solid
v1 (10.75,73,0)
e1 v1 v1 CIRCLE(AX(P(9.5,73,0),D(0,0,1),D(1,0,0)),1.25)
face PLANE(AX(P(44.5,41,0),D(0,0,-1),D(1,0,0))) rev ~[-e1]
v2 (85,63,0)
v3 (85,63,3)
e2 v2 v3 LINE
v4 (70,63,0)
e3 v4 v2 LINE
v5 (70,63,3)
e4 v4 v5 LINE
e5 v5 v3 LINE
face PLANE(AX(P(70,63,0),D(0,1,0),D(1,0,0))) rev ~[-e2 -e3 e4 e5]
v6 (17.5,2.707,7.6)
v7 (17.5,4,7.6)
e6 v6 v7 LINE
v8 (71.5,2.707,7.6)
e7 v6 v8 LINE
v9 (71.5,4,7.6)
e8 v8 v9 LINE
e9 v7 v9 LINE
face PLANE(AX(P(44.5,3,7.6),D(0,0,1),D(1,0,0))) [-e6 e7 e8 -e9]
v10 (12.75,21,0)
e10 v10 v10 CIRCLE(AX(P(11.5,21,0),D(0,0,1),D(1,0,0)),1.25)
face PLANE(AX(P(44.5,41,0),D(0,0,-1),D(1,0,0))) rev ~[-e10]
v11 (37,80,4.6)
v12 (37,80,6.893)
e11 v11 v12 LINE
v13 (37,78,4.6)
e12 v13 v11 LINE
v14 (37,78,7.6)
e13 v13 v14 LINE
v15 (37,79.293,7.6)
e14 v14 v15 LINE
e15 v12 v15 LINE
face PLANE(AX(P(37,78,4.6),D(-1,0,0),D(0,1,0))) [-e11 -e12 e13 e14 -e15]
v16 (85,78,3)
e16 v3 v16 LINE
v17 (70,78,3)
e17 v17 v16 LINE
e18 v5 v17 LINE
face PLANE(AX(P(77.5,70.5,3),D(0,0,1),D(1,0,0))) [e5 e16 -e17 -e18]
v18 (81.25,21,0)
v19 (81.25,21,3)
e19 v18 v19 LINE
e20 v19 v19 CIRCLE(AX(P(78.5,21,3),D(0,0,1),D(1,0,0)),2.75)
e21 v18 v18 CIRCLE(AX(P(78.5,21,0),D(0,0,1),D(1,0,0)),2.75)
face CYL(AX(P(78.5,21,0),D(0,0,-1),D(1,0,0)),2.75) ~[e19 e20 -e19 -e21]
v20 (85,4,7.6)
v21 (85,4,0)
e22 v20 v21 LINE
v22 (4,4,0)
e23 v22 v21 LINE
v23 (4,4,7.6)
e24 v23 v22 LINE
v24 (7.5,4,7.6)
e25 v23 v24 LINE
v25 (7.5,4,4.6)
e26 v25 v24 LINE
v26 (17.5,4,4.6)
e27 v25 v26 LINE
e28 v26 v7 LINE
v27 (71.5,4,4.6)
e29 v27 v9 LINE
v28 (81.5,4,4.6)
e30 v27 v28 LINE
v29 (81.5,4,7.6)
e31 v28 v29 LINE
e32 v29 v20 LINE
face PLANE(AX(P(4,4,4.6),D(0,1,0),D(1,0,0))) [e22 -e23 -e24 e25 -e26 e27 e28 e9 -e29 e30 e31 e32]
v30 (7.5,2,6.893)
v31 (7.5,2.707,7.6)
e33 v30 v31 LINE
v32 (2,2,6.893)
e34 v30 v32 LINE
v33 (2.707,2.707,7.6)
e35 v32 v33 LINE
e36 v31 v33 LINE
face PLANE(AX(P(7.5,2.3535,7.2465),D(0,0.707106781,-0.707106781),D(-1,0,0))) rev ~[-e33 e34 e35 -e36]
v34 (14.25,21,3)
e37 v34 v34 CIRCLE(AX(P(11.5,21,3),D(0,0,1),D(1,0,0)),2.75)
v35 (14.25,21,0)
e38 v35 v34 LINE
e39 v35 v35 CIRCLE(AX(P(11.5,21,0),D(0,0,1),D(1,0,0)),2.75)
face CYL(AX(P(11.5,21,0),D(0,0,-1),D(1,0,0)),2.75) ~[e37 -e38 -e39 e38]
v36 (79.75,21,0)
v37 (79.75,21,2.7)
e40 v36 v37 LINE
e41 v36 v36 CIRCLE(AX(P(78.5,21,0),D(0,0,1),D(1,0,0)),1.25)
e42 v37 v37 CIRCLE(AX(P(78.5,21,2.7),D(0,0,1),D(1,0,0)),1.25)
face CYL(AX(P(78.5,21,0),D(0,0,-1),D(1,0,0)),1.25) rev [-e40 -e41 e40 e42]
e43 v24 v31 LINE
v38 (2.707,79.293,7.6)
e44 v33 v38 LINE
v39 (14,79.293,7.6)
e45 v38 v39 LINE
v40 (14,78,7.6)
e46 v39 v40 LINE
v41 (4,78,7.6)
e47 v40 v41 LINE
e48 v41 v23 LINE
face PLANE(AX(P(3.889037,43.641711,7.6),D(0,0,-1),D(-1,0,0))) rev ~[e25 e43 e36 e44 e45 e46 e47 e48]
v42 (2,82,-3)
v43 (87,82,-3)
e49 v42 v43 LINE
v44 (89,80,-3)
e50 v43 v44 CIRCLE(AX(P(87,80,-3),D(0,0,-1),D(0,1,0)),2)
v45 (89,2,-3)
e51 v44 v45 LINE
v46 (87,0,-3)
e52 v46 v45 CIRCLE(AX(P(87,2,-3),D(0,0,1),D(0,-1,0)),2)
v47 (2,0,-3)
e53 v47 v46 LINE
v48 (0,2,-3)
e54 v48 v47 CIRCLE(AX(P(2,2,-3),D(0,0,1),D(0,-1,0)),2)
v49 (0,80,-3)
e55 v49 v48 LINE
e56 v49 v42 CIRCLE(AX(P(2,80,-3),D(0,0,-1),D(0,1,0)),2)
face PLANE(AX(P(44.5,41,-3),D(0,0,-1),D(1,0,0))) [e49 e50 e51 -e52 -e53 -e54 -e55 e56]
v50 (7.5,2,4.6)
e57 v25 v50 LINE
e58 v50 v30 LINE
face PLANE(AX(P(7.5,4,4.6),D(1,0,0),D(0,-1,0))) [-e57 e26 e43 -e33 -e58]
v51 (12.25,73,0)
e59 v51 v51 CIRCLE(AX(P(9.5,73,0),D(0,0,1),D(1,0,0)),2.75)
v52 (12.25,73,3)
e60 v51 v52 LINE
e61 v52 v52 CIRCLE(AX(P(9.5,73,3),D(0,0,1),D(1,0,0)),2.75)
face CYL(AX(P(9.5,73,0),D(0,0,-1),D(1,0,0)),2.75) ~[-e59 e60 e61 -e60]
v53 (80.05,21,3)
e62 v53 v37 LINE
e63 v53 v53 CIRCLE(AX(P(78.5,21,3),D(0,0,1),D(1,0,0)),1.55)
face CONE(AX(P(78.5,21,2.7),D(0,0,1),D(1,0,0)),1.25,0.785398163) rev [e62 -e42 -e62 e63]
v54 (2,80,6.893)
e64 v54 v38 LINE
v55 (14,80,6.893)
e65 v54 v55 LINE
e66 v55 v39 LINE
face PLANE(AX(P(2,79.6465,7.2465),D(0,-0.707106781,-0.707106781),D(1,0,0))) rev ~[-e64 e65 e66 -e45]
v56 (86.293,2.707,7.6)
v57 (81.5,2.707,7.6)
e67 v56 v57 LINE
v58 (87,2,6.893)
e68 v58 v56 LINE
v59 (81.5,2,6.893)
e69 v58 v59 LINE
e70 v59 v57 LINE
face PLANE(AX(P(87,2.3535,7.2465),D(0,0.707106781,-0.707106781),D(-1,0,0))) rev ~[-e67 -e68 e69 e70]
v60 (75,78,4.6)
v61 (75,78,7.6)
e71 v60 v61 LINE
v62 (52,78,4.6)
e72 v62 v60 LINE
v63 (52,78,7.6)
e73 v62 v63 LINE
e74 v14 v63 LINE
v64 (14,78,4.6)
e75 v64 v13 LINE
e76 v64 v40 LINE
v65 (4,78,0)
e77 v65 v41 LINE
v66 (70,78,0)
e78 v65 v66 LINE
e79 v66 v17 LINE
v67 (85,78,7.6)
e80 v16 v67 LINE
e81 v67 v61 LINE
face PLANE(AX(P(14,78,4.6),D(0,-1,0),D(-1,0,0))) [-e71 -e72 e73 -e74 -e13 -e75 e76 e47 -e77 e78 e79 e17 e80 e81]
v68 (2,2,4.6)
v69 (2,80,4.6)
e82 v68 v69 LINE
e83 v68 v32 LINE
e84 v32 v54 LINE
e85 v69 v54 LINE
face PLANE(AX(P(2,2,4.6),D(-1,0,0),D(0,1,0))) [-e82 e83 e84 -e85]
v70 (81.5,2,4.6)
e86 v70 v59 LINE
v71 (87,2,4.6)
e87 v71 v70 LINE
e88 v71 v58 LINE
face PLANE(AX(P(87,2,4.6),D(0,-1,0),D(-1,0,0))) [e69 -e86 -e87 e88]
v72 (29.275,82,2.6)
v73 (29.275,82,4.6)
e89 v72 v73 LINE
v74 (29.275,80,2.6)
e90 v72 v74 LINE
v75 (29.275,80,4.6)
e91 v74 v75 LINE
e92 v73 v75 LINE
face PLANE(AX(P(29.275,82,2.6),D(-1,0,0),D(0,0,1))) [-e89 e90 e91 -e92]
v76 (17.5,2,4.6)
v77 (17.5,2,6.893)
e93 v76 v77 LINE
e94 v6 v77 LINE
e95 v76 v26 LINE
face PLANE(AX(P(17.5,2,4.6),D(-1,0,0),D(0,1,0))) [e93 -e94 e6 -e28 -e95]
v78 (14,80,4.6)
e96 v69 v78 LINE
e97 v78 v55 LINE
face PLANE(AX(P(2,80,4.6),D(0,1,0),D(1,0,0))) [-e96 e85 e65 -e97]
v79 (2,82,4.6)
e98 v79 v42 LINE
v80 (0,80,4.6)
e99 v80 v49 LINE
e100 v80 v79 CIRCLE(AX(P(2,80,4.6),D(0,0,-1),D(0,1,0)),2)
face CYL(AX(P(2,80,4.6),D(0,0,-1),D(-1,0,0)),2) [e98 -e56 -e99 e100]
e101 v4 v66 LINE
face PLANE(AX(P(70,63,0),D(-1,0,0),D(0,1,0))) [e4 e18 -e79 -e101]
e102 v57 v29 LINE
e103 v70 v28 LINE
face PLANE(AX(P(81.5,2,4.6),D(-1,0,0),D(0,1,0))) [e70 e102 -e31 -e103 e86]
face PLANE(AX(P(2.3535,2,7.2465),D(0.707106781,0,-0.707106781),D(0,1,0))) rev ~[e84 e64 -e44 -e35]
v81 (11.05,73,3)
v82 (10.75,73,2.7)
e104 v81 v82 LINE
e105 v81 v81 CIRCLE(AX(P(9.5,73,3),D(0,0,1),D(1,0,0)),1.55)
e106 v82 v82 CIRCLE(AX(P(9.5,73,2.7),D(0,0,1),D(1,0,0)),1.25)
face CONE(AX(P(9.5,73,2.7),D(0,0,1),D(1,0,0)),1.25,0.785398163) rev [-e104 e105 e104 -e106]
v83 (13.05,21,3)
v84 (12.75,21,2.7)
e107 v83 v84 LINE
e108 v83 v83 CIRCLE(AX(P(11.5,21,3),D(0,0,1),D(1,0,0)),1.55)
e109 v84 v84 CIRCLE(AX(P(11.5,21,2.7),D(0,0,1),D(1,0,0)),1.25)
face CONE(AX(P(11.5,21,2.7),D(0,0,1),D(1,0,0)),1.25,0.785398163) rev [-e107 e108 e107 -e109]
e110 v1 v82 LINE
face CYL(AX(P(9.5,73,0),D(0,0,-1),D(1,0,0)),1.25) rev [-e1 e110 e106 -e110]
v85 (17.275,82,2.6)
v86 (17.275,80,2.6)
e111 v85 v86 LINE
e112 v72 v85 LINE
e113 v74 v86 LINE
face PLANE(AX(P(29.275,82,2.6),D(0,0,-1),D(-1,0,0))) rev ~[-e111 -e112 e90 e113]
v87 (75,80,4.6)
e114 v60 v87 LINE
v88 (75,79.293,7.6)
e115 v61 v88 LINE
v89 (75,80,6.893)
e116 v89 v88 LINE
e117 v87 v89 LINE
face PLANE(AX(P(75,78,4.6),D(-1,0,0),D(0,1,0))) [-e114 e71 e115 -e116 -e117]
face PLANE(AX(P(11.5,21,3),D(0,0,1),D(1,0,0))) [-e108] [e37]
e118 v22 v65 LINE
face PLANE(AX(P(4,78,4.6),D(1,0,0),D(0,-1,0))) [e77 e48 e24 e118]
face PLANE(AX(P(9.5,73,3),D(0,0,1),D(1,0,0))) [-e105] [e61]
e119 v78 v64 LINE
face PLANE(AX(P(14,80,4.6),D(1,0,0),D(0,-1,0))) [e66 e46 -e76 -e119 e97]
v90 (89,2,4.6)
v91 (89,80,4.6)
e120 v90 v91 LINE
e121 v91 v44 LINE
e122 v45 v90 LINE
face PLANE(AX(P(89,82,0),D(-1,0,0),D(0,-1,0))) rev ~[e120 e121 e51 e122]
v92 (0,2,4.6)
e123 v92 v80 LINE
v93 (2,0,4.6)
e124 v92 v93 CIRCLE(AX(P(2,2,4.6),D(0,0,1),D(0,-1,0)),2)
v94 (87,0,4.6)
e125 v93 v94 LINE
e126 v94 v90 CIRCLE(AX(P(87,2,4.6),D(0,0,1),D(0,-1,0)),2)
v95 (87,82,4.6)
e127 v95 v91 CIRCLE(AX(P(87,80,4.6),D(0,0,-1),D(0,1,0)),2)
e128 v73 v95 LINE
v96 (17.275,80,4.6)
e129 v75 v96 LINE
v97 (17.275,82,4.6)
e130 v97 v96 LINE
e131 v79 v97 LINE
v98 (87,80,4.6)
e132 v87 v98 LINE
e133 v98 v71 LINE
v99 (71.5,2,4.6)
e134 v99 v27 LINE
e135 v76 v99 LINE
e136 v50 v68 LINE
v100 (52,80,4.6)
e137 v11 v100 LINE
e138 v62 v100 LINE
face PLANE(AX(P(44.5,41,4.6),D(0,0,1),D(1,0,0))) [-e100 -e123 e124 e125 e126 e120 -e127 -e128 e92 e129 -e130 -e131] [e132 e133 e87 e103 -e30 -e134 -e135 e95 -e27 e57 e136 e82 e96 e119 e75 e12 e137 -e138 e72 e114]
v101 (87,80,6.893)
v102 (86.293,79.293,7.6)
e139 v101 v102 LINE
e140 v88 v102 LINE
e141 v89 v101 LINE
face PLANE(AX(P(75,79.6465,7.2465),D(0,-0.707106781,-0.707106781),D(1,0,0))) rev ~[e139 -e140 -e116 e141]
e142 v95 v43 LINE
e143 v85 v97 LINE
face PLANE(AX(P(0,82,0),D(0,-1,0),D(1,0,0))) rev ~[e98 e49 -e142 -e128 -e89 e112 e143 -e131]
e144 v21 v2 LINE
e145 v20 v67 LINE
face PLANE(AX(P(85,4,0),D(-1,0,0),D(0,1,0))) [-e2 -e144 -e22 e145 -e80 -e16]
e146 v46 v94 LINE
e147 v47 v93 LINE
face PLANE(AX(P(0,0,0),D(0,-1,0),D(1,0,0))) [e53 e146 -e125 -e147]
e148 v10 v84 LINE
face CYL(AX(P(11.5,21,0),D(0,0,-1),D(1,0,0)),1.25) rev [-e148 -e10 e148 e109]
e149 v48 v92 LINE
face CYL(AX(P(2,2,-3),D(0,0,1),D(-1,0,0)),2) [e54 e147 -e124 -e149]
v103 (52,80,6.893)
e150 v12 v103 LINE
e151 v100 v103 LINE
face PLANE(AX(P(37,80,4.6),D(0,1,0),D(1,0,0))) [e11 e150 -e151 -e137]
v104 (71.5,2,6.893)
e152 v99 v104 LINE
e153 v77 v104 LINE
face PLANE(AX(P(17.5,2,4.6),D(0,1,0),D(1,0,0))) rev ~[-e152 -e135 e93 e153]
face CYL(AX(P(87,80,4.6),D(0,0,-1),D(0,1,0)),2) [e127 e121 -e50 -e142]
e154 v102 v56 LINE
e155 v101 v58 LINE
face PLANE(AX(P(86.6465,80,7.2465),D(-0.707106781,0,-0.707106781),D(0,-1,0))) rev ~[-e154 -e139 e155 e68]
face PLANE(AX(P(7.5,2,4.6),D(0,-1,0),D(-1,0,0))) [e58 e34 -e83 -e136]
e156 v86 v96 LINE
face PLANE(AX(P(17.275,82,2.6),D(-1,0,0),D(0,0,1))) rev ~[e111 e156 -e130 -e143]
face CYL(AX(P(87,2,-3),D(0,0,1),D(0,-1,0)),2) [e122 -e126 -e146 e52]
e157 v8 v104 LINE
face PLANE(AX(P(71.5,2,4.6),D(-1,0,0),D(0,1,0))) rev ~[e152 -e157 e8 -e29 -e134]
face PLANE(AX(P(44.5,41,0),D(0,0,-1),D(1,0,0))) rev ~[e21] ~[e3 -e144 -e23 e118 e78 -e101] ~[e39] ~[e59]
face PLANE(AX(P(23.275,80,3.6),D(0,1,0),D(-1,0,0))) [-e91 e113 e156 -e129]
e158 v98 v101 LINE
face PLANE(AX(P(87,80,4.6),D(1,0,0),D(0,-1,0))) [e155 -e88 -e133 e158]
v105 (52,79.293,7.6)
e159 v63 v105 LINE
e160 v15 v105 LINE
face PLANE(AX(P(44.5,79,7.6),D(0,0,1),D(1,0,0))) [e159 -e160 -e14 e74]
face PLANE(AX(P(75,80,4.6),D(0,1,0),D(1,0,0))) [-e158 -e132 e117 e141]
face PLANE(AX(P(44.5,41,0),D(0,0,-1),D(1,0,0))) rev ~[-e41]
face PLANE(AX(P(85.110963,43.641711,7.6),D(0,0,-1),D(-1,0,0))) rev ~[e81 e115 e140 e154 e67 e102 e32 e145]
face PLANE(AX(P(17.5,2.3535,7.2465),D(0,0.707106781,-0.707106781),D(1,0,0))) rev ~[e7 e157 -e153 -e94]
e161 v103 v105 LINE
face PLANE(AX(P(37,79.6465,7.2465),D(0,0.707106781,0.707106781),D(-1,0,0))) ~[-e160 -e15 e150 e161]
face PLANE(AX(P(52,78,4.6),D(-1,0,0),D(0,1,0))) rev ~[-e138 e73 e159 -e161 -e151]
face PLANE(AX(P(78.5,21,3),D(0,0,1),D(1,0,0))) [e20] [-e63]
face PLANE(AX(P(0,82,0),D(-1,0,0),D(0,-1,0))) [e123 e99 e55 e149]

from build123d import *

# Parameters (mm, degrees)
SKETCH_W        = 89
SKETCH_H        = 82
SKETCH_W_2      = 81
SKETCH_H_2      = 74
PAD_DEPTH       = 4.6
SKETCH001_W     = 89
SKETCH001_H     = 82
PAD001_DEPTH    = 3
SKETCH002_R     = 2.75
SKETCH002_R_2   = 1.25
PAD002_DEPTH    = 3
SKETCH003_W     = 15
SKETCH003_H     = 15
PAD003_DEPTH    = 3
FILLET_R        = 2
CHAMFER_SIZE    = 0.3
SKETCH004_W     = 15
SKETCH004_H     = 2
SKETCH004_W_2   = 54
SKETCH004_H_2   = 2.0000000001
PAD004_DEPTH    = 3
CHAMFER001_SIZE = 0.707
SKETCH010_W     = 12
SKETCH010_H     = 2
POCKET003_DEPTH = 2


with BuildPart() as part:
    # Sketch → Pad (new body)
    with BuildSketch(Plane.XY):
        with Locations((44.5, 41)):
            Rectangle(SKETCH_W, SKETCH_H)
        with Locations((44.5, 41)):
            Rectangle(SKETCH_W_2, SKETCH_H_2, mode=Mode.SUBTRACT)
    extrude(amount=PAD_DEPTH)

    # Sketch001 (on Face9 of Pad) → Pad001 (join)
    with BuildSketch(Plane(origin=(0, 0, 0), x_dir=(1, 0, 0), z_dir=(0, 0, -1))):
        with Locations((44.5, -41)):
            Rectangle(SKETCH001_W, SKETCH001_H)
    extrude(amount=PAD001_DEPTH)

    # Sketch002 (on Face8 of Pad001) → Pad002 (join)
    with BuildSketch(Plane.XY):
        with Locations((9.5, 73)):
            Circle(SKETCH002_R)
        with Locations((9.5, 73)):
            Circle(SKETCH002_R_2, mode=Mode.SUBTRACT)
        with Locations((78.5, 21)):
            Circle(SKETCH002_R)
        with Locations((78.5, 21)):
            Circle(SKETCH002_R_2, mode=Mode.SUBTRACT)
        with Locations((11.5, 21)):
            Circle(SKETCH002_R)
        with Locations((11.5, 21)):
            Circle(SKETCH002_R_2, mode=Mode.SUBTRACT)
    extrude(amount=PAD002_DEPTH)

    # Sketch003 (on Face11 of Pad002) → Pad003 (join)
    with BuildSketch(Plane.XY):
        with Locations((77.5, 70.5)):
            Rectangle(SKETCH003_W, SKETCH003_H)
    extrude(amount=PAD003_DEPTH)

    # Fillet
    fillet_edges = [part.edges().sort_by_distance(p)[0] for p in [
        (89, 0, 0.8),
        (89, 82, 0.8),
        (0, 0, 0.8),
        (0, 82, 0.8),
    ]]
    fillet(fillet_edges, radius=FILLET_R)

    # Chamfer
    chamfer_edges = [part.edges().sort_by_distance(p)[0] for p in [
        (8.25, 73, 3),
        (10.25, 21, 3),
        (77.25, 21, 3),
    ]]
    chamfer(chamfer_edges, length=CHAMFER_SIZE)

    # Sketch004 (on Face16 of Chamfer) → Pad004 (join)
    with BuildSketch(Plane.XY.offset(4.6)):
        Polygon((4, 78), (4, 4), (7.5, 4), (7.5, 1.9999999999), (2, 1.9999999999), (2, 80), (14, 80), (14, 78), align=None)
        Polygon((85, 4), (85, 78), (75, 78), (75, 80), (87, 80), (87, 1.9999999999), (81.5, 1.9999999999), (81.5, 4), align=None)
        with Locations((44.5, 79)):
            Rectangle(SKETCH004_W, SKETCH004_H)
        with Locations((44.5, 3)):
            Rectangle(SKETCH004_W_2, SKETCH004_H_2)
    extrude(amount=PAD004_DEPTH)

    # Chamfer001
    chamfer001_edges = [part.edges().sort_by_distance(p)[0] for p in [
        (8, 80, 7.6),
        (2, 41, 7.6),
        (44.5, 80, 7.6),
        (81, 80, 7.6),
        (87, 41, 7.6),
        (84.25, 2, 7.6),
        (44.5, 2, 7.6),
        (4.75, 2, 7.6),
    ]]
    chamfer(chamfer001_edges, length=CHAMFER001_SIZE)

    # Sketch010 (on Face16 of Chamfer001) → Pocket003 (cut)
    with BuildSketch(Plane(origin=(0, 82, 0), x_dir=(-1, 0, 0), z_dir=(0, 1, 0))):
        with Locations((-23.275, 3.6)):
            Rectangle(SKETCH010_W, SKETCH010_H)
    extrude(amount=-POCKET003_DEPTH, mode=Mode.SUBTRACT)


solid = part.part
